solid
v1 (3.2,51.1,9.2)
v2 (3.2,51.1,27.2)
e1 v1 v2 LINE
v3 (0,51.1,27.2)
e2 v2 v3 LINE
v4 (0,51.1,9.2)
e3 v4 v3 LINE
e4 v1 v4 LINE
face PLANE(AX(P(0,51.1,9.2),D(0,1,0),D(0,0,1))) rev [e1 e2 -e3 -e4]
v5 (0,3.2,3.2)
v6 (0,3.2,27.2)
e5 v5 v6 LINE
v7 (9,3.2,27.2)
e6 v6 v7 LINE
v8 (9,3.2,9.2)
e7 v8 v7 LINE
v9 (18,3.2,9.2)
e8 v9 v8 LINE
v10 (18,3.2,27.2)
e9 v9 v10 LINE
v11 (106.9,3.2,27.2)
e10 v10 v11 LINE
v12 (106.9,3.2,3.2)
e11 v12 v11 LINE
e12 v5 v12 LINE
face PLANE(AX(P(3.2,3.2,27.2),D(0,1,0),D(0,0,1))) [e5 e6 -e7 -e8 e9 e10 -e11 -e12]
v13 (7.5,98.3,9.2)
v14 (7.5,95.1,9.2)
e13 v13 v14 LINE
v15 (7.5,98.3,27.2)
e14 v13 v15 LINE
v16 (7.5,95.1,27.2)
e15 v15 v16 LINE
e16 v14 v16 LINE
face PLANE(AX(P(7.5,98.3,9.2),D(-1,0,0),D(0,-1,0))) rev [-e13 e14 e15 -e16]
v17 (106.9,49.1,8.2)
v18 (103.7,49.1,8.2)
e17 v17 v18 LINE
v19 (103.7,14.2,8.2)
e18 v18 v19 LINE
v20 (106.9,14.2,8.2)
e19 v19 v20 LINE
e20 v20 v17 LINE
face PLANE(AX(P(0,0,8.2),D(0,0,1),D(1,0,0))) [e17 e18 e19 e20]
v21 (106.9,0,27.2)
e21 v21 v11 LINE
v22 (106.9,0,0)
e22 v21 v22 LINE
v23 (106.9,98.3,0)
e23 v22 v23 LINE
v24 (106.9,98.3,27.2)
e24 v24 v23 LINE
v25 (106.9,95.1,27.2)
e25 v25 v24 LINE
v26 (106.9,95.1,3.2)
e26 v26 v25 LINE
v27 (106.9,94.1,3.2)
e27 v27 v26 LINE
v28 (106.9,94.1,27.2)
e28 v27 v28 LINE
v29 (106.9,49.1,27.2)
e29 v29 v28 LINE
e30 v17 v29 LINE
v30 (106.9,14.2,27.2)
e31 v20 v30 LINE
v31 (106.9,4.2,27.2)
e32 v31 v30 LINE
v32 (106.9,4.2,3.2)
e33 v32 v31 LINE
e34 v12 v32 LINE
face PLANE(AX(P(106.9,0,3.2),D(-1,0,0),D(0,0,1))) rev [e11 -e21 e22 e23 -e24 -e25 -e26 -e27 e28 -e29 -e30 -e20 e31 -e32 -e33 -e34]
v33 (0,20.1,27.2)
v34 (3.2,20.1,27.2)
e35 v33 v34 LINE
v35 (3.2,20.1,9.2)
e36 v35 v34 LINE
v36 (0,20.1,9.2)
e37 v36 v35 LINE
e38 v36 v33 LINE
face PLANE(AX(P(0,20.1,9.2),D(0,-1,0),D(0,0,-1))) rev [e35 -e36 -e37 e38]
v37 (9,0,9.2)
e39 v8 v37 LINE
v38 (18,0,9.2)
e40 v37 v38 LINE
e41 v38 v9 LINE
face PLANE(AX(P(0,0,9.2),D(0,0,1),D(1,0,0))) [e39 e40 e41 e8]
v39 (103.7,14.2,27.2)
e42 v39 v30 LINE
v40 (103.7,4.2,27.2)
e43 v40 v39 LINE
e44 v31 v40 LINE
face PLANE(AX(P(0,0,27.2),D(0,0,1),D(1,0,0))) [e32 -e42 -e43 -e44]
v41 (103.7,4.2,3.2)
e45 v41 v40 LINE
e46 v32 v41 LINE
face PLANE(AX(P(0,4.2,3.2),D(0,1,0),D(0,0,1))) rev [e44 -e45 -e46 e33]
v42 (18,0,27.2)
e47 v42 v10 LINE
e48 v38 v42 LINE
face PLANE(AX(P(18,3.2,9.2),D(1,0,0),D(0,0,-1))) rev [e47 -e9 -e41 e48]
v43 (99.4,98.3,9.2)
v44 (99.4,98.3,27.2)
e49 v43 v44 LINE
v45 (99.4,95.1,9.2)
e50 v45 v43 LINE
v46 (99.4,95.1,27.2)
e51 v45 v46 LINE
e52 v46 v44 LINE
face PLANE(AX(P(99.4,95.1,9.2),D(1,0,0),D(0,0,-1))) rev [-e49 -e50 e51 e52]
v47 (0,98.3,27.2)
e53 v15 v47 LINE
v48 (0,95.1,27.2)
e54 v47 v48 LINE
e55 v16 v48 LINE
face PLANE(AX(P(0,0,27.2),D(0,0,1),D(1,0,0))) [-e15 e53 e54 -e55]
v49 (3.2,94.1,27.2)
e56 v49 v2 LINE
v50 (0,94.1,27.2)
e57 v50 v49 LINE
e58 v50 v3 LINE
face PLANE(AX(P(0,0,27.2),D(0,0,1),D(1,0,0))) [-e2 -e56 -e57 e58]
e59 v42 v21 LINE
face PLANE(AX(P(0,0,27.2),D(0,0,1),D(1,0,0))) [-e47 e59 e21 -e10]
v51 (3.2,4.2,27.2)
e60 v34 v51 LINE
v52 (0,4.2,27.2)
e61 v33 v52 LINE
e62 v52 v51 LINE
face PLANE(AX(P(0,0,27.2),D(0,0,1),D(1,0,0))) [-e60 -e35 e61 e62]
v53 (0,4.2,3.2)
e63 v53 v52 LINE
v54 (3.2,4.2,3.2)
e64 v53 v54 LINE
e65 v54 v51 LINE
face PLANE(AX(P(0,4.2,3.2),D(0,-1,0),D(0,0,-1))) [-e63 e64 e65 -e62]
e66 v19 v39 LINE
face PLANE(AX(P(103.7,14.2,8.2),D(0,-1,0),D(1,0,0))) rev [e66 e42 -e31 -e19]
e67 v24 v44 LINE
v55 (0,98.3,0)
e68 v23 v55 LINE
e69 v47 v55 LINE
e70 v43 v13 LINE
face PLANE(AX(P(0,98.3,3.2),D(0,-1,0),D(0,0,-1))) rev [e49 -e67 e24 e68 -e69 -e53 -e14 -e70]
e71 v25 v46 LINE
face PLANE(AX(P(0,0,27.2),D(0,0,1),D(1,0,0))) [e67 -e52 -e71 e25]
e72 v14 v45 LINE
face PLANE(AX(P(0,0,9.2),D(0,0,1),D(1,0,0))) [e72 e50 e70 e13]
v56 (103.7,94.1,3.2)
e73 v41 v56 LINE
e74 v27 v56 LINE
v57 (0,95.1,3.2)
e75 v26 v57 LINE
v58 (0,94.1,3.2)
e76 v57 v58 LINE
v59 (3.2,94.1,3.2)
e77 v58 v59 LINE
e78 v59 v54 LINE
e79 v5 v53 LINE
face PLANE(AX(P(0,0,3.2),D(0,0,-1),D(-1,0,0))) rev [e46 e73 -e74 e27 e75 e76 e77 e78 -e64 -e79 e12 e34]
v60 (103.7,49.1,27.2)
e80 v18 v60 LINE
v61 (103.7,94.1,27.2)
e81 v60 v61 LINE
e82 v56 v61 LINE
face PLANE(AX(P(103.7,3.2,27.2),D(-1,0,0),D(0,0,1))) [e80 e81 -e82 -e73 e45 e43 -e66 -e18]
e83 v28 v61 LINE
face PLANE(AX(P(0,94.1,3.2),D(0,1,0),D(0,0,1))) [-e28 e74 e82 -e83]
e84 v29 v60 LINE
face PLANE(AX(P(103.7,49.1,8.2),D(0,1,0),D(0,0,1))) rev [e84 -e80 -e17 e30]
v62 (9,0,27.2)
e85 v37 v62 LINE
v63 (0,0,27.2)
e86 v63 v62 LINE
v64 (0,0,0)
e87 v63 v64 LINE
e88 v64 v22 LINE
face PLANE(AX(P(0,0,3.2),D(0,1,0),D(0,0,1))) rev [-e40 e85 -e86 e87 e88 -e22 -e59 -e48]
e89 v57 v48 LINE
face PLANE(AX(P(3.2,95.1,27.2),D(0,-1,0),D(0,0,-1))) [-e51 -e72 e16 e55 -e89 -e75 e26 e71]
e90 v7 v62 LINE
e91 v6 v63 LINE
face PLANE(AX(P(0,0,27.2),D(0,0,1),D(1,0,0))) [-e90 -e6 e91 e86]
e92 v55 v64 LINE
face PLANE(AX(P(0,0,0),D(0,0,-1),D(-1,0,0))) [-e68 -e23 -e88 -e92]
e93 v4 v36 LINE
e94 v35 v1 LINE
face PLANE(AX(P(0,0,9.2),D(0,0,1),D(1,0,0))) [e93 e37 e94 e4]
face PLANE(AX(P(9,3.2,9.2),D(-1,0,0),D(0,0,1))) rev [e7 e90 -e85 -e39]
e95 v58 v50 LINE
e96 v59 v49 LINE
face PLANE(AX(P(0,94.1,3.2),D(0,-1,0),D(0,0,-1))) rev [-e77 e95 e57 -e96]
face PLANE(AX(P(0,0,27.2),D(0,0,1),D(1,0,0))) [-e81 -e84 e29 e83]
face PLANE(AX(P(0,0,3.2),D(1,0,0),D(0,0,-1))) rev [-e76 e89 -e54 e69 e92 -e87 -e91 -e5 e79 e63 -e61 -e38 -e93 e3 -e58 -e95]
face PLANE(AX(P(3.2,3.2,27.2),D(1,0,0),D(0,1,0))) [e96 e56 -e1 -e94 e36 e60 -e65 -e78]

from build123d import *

# Parameters (mm, degrees)
SKETCH1_W           = 106.9
SKETCH1_H           = 98.3
BOSS_EXTRUDE2_DEPTH = 3.2
SKETCH2_W           = 106.9
SKETCH2_H           = 98.3
SKETCH2_W_2         = 100.5
SKETCH2_H_2         = 91.9
BOSS_EXTRUDE3_DEPTH = 24
SKETCH3_W           = 3.2
SKETCH3_H           = 1
CUT_EXTRUDE1_DEPTH  = 24
SKETCH4_W           = 3.2
SKETCH4_H           = 31
CUT_EXTRUDE2_DEPTH  = 18
SKETCH5_W           = 91.9
SKETCH5_H           = 3.2
CUT_EXTRUDE3_DEPTH  = 18
SKETCH6_W           = 3.2
SKETCH6_H           = 34.9
CUT_EXTRUDE4_DEPTH  = 19
SKETCH7_W           = 9
SKETCH7_H           = 3.2
CUT_EXTRUDE5_DEPTH  = 18


with BuildPart() as part:
    # Sketch1 → Boss-Extrude2 (new body)
    with BuildSketch(Plane.XY):
        with Locations((53.45, 49.15)):
            Rectangle(SKETCH1_W, SKETCH1_H)
    extrude(amount=BOSS_EXTRUDE2_DEPTH)

    # Sketch2 → Boss-Extrude3 (add)
    with BuildSketch(Plane.XY.offset(3.2)):
        with Locations((53.45, 49.15)):
            Rectangle(SKETCH2_W, SKETCH2_H)
        with Locations((53.45, 49.15)):
            Rectangle(SKETCH2_W_2, SKETCH2_H_2, mode=Mode.SUBTRACT)
    extrude(amount=BOSS_EXTRUDE3_DEPTH)

    # Sketch3 → Cut-Extrude1 (cut)
    with BuildSketch(Plane.XY.offset(27.2)):
        with Locations((1.6, 94.6)):
            Rectangle(SKETCH3_W, SKETCH3_H)
        with Locations((105.3, 94.6)):
            Rectangle(SKETCH3_W, SKETCH3_H)
        with Locations((105.3, 3.7)):
            Rectangle(SKETCH3_W, SKETCH3_H)
        with Locations((1.6, 3.7)):
            Rectangle(SKETCH3_W, SKETCH3_H)
    extrude(amount=-CUT_EXTRUDE1_DEPTH, mode=Mode.SUBTRACT)

    # Sketch4 → Cut-Extrude2 (cut)
    with BuildSketch(Plane.XY.offset(27.2)):
        with Locations((1.6, 35.6)):
            Rectangle(SKETCH4_W, SKETCH4_H)
    extrude(amount=-CUT_EXTRUDE2_DEPTH, mode=Mode.SUBTRACT)

    # Sketch5 → Cut-Extrude3 (cut)
    with BuildSketch(Plane.XY.offset(27.2)):
        with Locations((53.45, 96.7)):
            Rectangle(SKETCH5_W, SKETCH5_H)
    extrude(amount=-CUT_EXTRUDE3_DEPTH, mode=Mode.SUBTRACT)

    # Sketch6 → Cut-Extrude4 (cut)
    with BuildSketch(Plane.XY.offset(27.2)):
        with Locations((105.3, 31.65)):
            Rectangle(SKETCH6_W, SKETCH6_H)
    extrude(amount=-CUT_EXTRUDE4_DEPTH, mode=Mode.SUBTRACT)

    # Sketch7 → Cut-Extrude5 (cut)
    with BuildSketch(Plane.XY.offset(27.2)):
        with Locations((13.5, 1.6)):
            Rectangle(SKETCH7_W, SKETCH7_H)
    extrude(amount=-CUT_EXTRUDE5_DEPTH, mode=Mode.SUBTRACT)


solid = part.part
